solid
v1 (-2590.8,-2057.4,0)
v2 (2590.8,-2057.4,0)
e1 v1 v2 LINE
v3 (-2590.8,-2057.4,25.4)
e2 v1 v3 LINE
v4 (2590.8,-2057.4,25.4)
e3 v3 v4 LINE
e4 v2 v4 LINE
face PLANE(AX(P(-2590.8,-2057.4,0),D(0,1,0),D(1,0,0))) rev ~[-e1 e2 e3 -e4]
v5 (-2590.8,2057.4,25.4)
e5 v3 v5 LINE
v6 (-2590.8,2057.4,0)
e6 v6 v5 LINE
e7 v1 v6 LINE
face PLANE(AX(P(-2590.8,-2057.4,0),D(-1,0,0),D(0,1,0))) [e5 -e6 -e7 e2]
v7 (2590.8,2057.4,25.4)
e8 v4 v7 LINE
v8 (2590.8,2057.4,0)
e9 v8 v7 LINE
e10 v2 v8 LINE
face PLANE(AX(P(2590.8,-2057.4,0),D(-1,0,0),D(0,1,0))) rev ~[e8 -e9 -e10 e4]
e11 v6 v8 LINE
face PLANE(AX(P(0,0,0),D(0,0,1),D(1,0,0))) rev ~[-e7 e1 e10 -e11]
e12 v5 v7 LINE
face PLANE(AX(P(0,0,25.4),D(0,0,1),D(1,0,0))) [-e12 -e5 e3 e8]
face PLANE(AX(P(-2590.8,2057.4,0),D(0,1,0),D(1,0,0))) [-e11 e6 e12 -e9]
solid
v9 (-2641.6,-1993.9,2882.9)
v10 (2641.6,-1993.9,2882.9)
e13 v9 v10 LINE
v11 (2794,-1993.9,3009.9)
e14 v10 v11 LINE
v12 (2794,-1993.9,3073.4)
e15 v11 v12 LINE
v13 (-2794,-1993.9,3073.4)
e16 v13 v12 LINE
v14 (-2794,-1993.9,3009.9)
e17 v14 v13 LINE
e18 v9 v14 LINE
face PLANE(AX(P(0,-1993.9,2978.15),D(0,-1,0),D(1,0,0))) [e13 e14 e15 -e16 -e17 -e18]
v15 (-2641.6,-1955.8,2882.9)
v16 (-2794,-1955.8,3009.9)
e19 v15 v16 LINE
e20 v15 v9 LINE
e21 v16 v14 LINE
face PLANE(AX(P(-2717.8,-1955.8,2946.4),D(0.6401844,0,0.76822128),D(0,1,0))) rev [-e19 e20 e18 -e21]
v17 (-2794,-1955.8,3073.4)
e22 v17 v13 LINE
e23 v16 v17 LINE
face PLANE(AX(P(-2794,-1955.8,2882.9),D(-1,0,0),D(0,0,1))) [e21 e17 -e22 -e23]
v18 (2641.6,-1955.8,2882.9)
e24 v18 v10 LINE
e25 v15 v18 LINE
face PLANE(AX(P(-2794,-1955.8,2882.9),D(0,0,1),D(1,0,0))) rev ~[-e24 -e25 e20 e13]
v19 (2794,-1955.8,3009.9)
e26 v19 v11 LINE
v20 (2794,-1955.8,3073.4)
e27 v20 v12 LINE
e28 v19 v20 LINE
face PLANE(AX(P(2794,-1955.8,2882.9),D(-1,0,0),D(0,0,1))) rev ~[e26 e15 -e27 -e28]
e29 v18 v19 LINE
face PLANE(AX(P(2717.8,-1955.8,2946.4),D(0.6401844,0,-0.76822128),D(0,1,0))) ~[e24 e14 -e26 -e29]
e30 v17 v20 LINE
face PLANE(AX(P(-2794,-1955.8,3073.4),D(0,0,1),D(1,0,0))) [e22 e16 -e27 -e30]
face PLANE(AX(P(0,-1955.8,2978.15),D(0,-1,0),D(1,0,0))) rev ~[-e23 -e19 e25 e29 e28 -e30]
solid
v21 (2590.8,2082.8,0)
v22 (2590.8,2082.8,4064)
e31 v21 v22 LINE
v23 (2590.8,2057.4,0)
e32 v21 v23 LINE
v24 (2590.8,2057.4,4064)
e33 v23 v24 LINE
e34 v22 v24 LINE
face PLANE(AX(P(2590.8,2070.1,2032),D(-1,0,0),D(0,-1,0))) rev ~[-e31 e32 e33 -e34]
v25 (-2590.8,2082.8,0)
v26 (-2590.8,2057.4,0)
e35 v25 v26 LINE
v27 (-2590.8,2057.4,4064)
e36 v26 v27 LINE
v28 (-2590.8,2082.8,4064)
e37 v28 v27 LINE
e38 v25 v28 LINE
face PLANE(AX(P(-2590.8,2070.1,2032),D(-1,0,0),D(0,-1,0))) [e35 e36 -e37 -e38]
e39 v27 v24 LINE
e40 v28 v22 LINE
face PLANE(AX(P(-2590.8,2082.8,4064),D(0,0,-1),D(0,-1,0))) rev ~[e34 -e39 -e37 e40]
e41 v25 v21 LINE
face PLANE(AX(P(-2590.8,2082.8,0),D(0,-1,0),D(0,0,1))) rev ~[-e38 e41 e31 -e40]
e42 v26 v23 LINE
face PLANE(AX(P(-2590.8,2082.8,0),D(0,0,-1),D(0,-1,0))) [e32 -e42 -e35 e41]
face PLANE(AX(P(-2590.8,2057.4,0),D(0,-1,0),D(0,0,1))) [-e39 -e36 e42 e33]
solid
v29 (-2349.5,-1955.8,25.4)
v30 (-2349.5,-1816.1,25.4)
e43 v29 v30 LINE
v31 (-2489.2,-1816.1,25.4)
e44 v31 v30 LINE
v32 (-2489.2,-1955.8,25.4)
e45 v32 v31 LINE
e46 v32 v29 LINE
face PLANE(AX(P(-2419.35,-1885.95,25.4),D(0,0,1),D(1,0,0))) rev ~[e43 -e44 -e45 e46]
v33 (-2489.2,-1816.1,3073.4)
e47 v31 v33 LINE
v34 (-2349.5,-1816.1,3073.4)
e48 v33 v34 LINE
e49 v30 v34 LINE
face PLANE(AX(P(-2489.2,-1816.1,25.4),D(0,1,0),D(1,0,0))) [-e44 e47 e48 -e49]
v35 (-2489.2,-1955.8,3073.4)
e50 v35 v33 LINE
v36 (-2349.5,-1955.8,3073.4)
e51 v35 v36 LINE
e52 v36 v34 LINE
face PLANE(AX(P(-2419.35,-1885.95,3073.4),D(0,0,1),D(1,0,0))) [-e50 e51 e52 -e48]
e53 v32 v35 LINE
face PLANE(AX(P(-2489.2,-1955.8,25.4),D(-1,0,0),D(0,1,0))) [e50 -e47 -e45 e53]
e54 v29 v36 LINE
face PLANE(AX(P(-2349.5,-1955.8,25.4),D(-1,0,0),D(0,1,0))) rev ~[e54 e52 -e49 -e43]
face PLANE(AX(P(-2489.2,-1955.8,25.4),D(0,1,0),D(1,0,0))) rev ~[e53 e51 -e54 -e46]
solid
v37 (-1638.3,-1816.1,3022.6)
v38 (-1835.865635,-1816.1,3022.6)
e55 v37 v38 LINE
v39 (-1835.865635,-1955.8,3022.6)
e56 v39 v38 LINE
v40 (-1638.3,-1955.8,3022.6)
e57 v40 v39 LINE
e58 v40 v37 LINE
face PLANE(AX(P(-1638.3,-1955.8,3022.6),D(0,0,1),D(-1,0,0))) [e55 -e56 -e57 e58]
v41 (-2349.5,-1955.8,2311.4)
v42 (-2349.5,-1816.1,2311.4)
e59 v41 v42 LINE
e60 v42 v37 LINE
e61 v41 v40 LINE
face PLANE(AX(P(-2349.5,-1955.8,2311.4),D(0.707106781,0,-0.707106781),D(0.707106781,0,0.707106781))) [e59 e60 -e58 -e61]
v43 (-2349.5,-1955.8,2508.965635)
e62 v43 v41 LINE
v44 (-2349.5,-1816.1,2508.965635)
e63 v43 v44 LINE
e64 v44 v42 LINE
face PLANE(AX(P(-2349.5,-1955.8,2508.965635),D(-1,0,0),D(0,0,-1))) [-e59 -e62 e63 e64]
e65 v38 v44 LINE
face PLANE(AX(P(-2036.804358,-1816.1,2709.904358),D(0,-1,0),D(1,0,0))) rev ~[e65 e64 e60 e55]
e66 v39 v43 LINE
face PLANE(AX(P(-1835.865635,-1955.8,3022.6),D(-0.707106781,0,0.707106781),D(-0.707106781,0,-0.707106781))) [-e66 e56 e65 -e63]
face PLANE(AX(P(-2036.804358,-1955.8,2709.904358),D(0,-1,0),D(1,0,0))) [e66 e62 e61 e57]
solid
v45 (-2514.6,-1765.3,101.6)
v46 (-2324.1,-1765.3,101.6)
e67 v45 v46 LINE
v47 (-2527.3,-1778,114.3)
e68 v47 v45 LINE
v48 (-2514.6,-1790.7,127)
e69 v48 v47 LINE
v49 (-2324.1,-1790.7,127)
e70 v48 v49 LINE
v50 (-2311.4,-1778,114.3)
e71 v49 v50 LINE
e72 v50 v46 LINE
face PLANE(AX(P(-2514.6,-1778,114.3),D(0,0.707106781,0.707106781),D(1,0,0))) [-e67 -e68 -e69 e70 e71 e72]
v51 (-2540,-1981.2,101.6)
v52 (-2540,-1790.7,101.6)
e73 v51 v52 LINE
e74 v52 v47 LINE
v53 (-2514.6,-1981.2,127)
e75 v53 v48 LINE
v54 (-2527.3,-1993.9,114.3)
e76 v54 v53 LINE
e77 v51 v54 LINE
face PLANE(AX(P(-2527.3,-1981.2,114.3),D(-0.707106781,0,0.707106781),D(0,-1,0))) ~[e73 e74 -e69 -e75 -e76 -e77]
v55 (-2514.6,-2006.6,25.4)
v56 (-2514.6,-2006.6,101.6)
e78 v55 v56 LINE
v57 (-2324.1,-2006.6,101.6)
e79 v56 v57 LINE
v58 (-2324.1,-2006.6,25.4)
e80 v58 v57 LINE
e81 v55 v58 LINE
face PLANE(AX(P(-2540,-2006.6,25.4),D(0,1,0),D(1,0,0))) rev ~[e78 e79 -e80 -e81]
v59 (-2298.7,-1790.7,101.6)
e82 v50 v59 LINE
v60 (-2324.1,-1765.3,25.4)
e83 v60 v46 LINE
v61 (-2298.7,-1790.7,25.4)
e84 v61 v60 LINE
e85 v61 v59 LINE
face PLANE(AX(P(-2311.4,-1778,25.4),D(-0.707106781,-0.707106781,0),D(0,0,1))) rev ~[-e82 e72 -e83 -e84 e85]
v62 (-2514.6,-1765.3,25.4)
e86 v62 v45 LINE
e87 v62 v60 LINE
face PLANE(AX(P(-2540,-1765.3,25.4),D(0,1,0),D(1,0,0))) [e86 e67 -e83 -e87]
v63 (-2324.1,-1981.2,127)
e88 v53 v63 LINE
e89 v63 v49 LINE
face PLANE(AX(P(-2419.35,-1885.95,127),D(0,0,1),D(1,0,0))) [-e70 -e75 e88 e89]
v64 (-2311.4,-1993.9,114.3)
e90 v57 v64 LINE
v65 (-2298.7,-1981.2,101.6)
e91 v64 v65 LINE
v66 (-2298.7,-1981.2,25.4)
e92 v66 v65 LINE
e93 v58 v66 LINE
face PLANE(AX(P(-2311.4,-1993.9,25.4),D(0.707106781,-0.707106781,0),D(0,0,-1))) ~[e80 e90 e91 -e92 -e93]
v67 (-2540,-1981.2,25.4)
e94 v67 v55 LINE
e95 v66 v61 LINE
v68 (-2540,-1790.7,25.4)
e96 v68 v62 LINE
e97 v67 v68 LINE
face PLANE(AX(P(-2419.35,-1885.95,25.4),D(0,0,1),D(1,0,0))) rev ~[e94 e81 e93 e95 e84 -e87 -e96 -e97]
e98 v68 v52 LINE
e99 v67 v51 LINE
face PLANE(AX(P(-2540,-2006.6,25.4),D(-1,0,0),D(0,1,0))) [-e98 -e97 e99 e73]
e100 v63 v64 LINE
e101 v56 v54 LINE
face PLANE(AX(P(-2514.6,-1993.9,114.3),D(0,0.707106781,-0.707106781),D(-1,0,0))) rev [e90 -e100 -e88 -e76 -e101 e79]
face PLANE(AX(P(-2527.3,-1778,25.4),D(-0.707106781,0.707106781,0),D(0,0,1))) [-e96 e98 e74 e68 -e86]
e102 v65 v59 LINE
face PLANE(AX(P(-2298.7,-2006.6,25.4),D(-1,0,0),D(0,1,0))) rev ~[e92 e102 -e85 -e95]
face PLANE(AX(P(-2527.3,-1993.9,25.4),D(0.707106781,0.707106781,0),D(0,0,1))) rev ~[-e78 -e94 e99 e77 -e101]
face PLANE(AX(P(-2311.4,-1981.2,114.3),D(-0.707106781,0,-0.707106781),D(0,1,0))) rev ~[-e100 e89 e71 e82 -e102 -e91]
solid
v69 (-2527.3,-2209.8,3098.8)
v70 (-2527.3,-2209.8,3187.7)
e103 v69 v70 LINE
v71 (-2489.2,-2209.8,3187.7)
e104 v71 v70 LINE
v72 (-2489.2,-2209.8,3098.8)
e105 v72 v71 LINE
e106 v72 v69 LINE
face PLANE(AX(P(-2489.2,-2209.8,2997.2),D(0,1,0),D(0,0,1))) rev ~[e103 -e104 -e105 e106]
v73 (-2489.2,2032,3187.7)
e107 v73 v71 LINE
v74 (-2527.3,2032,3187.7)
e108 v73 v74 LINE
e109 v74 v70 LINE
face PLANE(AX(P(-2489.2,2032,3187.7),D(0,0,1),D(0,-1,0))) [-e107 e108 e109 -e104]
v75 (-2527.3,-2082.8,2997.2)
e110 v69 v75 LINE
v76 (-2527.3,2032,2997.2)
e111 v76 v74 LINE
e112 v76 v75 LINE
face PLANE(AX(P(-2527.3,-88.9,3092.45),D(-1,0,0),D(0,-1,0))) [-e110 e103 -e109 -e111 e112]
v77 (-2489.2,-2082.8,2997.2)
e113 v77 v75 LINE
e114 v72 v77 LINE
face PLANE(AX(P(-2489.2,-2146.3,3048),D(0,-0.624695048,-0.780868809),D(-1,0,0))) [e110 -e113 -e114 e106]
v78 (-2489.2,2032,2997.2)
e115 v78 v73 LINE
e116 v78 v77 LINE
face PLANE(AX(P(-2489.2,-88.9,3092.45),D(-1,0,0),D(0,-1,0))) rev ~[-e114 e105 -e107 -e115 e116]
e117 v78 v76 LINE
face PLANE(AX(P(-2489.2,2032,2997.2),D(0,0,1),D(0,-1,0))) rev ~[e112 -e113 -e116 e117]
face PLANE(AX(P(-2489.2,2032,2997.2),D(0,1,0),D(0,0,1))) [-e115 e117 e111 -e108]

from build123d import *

# Parameters (mm, degrees)
F0_W      = 5181.6
F0_H      = 4114.8
F1_DEPTH  = 25.4
F2_W      = 25.4
F2_H      = 4064
F3_DEPTH  = 5181.6
F4_W      = 139.7
F4_H      = 139.7
F5_DEPTH  = 3048
F6_W      = 5588
F6_H      = 190.5
F7_DEPTH  = 38.1
F8_SIZE2  = 127
F8_SIZE   = 152.4
F9_W      = 4241.8
F9_H      = 190.5
F10_DEPTH = 38.1
F11_SIZE2 = 127
F11_SIZE  = 101.6
F13_DEPTH = 139.7
F14_W     = 241.3
F14_H     = 241.3
F15_DEPTH = 101.6
F16_SIZE  = 25.4
F17_SIZE  = 25.4


with BuildPart() as f1:
    # F0 (on Top) → F1 (new body)
    with BuildSketch(Plane.XY):
        Rectangle(F0_W, F0_H)
    extrude(amount=F1_DEPTH)


with BuildPart() as f3:
    # F2 (on face) → F3 (new body, through all)
    with BuildSketch(Plane(origin=(-2590.8, 0, 0), x_dir=(0, -1, 0), z_dir=(-1, 0, 0))):
        with Locations((-2070.1, 2032)):
            Rectangle(F2_W, F2_H)
    extrude(amount=-F3_DEPTH)


with BuildPart() as f5:
    # F4 (on face) → F5 (new body)
    with BuildSketch(Plane.XY.offset(25.4)):
        with Locations((-2419.35, -1885.95)):
            Rectangle(F4_W, F4_H)
    extrude(amount=F5_DEPTH)


with BuildPart() as f7:
    # F6 (on face) → F7 (new body)
    with BuildSketch(Plane.XZ.offset(1955.8)):
        with Locations((0, 2978.15)):
            Rectangle(F6_W, F6_H)
    extrude(amount=F7_DEPTH)

    # F8
    f8_edges = [f7.edges().sort_by_distance(p)[0] for p in [
        (-2794, -1974.85, 2882.9),
        (2794, -1974.85, 2882.9),
    ]]
    f8_side = f7.faces().sort_by_distance((0, -1974.85, 2882.9))[0]
    chamfer(f8_edges, length=F8_SIZE, length2=F8_SIZE2, reference=f8_side)


with BuildPart() as f10:
    # F9 (on face) → F10 (new body)
    with BuildSketch(Plane(origin=(-2489.2, 0, 0), x_dir=(0, -1, 0), z_dir=(-1, 0, 0))):
        with Locations((88.9, 3092.45)):
            Rectangle(F9_W, F9_H)
    extrude(amount=F10_DEPTH)

    # F11
    f11_edges = [f10.edges().sort_by_distance(p)[0] for p in [
        (-2508.25, -2209.8, 2997.2),
    ]]
    f11_side = f10.faces().sort_by_distance((-2508.25, -2209.8, 3092.45))[0]
    chamfer(f11_edges, length=F11_SIZE, length2=F11_SIZE2, reference=f11_side)


with BuildPart() as f13:
    # F12 (on face) → F13 (new body)
    with BuildSketch(Plane.XZ.offset(1955.8)):
        Polygon((-1835.8656346635, 3022.6), (-2349.5, 2508.9656346635), (-2349.5, 2311.4), (-1638.3, 3022.6), align=None)
    extrude(amount=-F13_DEPTH)


with BuildPart() as f15:
    # F14 (on face) → F15 (new body)
    with BuildSketch(Plane.XY.offset(25.4)):
        with Locations((-2419.35, -1885.95)):
            Rectangle(F14_W, F14_H)
    extrude(amount=F15_DEPTH)

    # F16
    f16_edges = [f15.edges().sort_by_distance(p)[0] for p in [
        (-2540, -2006.6, 76.2),
        (-2540, -1765.3, 76.2),
        (-2298.7, -2006.6, 76.2),
        (-2298.7, -1765.3, 76.2),
    ]]
    chamfer(f16_edges, length=F16_SIZE)

    # F17 (call 1 of 4: OpenCascade refuses the feature's edges together)
    f17_edges = [f15.edges().sort_by_distance(p)[0] for p in [
        (-2540, -1885.95, 127),
    ]]
    chamfer(f17_edges, length=F17_SIZE)

    # F17#2 (call 2 of 4)
    f17_2_edges = [f15.edges().sort_by_distance(p)[0] for p in [
        (-2419.35, -2006.6, 127),
    ]]
    chamfer(f17_2_edges, length=F17_SIZE)

    # F17#3 (call 3 of 4)
    f17_3_edges = [f15.edges().sort_by_distance(p)[0] for p in [
        (-2298.7, -1885.95, 127),
    ]]
    chamfer(f17_3_edges, length=F17_SIZE)

    # F17#4 (call 4 of 4)
    f17_4_edges = [f15.edges().sort_by_distance(p)[0] for p in [
        (-2419.35, -1765.3, 127),
    ]]
    chamfer(f17_4_edges, length=F17_SIZE)


solid = Compound([f1.part, f3.part, f5.part, f7.part, f10.part, f13.part, f15.part])
